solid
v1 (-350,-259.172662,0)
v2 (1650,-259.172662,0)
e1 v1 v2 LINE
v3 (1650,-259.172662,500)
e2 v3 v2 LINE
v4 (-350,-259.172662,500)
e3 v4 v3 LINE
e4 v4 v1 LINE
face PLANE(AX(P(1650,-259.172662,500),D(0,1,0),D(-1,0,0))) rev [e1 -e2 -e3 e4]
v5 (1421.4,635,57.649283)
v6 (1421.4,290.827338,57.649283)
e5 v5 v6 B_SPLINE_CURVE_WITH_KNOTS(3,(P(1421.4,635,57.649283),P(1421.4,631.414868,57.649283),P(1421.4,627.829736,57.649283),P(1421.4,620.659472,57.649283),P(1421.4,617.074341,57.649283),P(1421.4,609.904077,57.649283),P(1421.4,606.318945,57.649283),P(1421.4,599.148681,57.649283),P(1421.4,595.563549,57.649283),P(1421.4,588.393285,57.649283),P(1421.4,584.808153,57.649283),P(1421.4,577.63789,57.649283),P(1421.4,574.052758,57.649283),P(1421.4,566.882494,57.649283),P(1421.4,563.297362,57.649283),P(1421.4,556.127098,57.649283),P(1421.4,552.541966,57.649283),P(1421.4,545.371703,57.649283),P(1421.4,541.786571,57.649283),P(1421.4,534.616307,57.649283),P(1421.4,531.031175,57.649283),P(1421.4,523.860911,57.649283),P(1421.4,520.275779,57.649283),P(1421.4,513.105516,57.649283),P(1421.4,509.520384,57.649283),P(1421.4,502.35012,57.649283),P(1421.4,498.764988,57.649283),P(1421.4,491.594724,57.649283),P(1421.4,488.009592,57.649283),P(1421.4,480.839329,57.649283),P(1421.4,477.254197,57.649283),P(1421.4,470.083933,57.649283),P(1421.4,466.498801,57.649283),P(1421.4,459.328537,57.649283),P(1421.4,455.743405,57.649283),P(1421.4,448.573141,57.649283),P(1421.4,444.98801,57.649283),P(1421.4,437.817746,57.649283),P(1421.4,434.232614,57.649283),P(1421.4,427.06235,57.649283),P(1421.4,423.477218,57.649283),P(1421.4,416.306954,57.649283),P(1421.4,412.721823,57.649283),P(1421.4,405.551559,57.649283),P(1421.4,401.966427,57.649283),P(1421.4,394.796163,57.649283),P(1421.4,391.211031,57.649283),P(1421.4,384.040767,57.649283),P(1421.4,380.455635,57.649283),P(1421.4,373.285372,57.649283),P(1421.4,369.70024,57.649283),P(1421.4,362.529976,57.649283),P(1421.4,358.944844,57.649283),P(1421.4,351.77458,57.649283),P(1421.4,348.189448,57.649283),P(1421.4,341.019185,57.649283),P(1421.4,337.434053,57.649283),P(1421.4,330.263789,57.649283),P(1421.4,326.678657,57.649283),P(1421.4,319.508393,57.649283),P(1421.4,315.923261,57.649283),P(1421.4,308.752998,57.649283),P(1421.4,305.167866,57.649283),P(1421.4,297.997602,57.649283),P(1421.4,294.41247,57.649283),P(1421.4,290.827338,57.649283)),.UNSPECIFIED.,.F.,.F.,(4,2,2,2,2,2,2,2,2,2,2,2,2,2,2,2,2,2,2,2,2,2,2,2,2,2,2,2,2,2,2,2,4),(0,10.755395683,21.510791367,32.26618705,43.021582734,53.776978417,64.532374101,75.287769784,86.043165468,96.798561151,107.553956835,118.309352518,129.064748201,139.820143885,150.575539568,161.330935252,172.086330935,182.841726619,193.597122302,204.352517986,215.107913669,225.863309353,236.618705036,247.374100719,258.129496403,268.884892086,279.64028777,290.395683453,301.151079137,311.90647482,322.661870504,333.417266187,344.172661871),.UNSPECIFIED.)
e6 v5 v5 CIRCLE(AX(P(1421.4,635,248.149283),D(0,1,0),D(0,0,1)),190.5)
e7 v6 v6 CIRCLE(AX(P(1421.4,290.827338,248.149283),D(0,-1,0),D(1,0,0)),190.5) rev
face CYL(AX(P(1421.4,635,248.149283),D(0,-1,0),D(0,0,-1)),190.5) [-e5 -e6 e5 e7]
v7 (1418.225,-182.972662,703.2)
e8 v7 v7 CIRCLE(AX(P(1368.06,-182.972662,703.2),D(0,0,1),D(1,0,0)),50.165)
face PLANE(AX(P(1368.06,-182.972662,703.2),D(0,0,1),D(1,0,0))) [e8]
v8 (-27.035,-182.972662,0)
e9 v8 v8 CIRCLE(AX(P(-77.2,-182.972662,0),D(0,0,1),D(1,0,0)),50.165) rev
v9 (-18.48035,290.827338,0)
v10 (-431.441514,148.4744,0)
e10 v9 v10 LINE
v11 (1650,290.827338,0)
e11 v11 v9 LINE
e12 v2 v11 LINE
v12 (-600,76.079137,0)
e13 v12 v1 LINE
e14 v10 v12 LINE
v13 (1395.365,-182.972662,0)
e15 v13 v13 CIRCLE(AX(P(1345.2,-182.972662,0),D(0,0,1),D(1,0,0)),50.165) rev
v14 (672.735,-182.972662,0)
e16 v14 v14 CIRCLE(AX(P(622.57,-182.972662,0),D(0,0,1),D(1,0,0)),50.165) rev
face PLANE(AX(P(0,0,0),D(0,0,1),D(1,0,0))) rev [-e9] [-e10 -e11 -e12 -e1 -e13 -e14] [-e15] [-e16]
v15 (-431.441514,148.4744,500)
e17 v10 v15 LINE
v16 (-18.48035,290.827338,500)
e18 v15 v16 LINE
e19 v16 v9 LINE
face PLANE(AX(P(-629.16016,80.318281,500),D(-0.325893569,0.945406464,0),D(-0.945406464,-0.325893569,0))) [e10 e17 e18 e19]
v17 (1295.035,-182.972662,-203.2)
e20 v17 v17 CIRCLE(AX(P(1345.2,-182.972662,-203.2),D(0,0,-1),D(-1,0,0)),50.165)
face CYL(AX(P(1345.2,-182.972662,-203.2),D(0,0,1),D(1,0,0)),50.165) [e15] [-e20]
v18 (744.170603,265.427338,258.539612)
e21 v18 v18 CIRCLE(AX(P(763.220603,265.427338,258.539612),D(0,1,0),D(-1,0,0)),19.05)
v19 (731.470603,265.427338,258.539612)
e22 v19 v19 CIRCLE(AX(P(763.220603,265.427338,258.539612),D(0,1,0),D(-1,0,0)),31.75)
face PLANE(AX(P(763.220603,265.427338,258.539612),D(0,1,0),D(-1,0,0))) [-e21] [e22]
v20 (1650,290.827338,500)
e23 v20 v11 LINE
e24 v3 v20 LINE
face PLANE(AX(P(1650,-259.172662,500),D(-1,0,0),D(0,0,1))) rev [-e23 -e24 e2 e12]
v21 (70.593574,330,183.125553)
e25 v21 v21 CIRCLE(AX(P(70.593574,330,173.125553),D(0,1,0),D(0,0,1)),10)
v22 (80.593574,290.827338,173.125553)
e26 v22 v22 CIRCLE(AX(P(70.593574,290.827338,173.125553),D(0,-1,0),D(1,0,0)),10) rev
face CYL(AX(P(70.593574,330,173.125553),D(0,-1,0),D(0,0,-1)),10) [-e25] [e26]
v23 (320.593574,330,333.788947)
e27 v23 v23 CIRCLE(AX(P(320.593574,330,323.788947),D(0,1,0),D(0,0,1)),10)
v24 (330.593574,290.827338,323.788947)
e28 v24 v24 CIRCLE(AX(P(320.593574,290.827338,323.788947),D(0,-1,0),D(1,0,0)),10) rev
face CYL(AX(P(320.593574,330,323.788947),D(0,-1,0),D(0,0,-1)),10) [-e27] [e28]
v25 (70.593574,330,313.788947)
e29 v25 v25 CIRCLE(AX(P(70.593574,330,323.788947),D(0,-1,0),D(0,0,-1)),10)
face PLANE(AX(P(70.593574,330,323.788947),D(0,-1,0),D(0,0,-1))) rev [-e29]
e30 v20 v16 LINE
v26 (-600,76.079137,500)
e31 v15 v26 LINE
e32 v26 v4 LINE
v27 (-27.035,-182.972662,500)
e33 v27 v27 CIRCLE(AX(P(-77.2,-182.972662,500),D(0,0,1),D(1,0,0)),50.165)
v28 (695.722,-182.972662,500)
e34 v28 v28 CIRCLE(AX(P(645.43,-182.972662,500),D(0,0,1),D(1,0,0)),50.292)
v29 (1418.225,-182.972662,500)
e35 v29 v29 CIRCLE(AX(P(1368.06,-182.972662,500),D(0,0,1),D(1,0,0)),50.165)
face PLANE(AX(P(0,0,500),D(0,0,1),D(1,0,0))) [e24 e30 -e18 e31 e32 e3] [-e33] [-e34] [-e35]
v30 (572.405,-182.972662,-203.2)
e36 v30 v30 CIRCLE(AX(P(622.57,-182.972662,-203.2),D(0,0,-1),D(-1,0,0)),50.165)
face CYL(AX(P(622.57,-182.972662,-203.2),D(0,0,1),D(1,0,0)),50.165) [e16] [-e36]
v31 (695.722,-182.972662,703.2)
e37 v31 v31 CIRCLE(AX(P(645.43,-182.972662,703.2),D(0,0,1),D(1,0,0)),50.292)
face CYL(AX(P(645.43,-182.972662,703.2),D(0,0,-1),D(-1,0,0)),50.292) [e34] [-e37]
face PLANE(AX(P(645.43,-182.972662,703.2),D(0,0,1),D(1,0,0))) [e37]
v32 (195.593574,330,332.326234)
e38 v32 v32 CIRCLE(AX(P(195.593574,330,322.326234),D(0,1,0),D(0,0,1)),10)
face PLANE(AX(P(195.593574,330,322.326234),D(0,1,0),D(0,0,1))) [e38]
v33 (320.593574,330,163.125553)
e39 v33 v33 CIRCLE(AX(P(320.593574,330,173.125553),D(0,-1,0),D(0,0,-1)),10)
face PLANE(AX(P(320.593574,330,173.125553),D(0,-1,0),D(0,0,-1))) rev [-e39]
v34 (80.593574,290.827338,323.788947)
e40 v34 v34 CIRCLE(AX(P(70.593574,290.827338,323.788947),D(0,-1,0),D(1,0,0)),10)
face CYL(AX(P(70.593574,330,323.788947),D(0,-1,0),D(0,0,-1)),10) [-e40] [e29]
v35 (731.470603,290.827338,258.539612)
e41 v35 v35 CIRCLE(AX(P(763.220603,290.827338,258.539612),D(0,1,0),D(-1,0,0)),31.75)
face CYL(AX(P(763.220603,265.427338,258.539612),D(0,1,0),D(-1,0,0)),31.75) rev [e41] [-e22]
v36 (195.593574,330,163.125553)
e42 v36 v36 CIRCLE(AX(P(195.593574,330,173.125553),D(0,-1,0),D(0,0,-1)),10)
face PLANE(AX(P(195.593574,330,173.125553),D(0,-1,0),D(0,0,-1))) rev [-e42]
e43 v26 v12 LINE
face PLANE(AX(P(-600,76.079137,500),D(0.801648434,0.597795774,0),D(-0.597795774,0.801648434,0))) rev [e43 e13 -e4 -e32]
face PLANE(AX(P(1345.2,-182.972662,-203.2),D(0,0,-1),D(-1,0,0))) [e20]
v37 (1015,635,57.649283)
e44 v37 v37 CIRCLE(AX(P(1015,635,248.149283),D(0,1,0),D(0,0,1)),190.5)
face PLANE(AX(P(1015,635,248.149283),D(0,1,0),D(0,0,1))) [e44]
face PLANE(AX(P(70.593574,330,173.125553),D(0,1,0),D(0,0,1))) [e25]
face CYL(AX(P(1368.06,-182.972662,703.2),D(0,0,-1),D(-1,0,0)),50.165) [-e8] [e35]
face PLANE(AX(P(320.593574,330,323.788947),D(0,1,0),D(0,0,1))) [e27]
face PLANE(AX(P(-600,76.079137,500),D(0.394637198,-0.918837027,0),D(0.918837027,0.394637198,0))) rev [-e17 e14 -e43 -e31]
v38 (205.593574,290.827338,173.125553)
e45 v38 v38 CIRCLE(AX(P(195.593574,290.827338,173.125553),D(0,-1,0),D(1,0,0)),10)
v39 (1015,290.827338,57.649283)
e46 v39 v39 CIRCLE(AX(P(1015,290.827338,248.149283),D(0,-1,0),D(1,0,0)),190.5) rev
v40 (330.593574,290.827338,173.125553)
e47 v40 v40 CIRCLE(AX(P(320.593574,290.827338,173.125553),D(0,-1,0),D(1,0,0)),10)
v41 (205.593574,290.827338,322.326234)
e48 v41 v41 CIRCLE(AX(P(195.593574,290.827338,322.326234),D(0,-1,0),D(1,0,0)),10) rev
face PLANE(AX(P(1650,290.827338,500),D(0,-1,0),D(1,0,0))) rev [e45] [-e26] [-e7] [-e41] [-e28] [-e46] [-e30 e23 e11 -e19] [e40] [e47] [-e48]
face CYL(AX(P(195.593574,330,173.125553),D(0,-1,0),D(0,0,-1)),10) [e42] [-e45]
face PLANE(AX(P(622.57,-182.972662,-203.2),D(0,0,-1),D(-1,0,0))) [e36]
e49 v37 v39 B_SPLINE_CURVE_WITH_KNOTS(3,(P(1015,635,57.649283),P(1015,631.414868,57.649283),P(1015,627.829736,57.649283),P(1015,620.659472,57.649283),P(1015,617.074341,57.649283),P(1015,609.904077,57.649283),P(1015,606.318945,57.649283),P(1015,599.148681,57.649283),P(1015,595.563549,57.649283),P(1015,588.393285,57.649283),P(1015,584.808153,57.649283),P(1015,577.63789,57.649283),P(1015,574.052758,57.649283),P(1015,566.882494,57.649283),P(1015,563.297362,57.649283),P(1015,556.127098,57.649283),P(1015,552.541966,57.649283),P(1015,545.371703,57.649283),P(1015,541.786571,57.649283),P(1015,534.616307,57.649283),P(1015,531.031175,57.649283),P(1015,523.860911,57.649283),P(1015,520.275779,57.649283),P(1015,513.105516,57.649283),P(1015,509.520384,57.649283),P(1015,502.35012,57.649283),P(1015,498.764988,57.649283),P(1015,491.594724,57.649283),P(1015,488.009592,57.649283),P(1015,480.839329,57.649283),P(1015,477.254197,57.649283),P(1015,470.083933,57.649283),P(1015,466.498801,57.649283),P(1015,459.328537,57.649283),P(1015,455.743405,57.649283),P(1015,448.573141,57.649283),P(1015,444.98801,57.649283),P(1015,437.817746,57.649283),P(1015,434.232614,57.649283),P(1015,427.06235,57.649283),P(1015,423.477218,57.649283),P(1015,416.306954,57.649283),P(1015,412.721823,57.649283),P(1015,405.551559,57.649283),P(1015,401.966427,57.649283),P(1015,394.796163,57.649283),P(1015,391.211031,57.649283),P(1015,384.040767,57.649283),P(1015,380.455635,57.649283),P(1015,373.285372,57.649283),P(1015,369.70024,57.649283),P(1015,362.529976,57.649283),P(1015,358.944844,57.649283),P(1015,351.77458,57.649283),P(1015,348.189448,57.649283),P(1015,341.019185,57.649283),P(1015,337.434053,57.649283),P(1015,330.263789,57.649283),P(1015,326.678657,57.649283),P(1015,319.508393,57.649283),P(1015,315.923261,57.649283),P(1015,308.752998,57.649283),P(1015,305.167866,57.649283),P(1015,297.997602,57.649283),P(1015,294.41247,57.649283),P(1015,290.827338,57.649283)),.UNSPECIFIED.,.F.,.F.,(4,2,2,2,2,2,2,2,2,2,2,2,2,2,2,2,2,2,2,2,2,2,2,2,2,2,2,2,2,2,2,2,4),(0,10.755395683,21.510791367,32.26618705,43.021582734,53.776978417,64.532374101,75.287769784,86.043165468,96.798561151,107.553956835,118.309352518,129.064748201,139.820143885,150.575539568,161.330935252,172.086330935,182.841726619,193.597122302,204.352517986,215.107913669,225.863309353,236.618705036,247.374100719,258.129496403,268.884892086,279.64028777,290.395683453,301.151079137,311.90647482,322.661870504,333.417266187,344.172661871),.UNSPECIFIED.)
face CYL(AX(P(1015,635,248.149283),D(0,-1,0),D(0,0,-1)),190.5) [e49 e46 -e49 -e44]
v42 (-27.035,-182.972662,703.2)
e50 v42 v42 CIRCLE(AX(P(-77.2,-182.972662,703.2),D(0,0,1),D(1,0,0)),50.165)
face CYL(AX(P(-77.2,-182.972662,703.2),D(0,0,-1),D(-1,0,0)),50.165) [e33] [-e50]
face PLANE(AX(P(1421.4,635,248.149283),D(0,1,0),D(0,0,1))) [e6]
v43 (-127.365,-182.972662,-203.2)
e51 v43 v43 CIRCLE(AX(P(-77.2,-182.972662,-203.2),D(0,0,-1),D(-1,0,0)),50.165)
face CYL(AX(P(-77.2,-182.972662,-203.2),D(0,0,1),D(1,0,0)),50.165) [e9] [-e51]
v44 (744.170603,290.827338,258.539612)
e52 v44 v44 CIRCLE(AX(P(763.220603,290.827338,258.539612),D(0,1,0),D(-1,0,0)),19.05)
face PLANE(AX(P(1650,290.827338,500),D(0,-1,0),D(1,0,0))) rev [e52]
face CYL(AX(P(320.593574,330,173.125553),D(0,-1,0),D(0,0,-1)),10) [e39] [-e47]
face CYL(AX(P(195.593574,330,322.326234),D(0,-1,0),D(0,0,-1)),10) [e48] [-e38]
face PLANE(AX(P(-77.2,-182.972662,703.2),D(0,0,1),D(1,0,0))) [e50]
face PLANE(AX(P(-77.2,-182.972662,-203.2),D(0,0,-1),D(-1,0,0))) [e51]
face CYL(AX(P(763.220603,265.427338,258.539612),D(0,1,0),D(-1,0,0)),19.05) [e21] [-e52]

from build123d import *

# Parameters (mm, degrees)
BOSS_EXTRUDE1_DEPTH     = 500
CUT_EXTRUDE2_DEPTH      = 1749.450897396
CUT_EXTRUDE2_DEPTH_BACK = 1749.450897396
SKETCH11_R              = 10
BOSS_EXTRUDE8_DEPTH     = 330
SKETCH12_R              = 50.165
BOSS_EXTRUDE14_DEPTH    = 203.2
BOSS_EXTRUDE15_START    = 203.2
SKETCH15_R              = 50.165
BOSS_EXTRUDE15_DEPTH    = 203.2
SKETCH17_R              = 50.292
BOSS_EXTRUDE16_DEPTH    = 203.2
SKETCH18_R              = 50.165
BOSS_EXTRUDE17_DEPTH    = 203.2
SKETCH9_R               = 190.5
BOSS_EXTRUDE19_DEPTH    = 635
SKETCH19_R              = 31.75
SKETCH19_R_2            = 19.05
CUT_EXTRUDE5_DEPTH      = 25.4


with BuildPart() as part:
    # Sketch2 → Boss-Extrude1 (new body)
    with BuildSketch(Plane.XY):
        Polygon((-600, 76.079136691), (-100, 290.827338129), (1650, 290.827338129), (1650, -259.172661871), (-350, -259.172661871), align=None)
    extrude(amount=BOSS_EXTRUDE1_DEPTH)

    # Sketch3 → Cut-Extrude2 (cut, two sides: drawn at the far end of the back side and taken through both)
    with BuildSketch(Plane.XY.offset(-CUT_EXTRUDE2_DEPTH_BACK)):
        Polygon((-629.160159728, 80.318281341), (0, 297.197748554), (-133.945595933, 297.197748554), align=None)
    extrude(amount=CUT_EXTRUDE2_DEPTH + CUT_EXTRUDE2_DEPTH_BACK, mode=Mode.SUBTRACT)

    # Sketch11 → Boss-Extrude8 (add)
    with BuildSketch(Plane(origin=(0, 0, 0), x_dir=(1, 0, 0), z_dir=(0, 1, 0))):
        with Locations((320.593573559, -323.788946962)):
            Circle(SKETCH11_R)
        with Locations(Location((70.593573559, -323.788946962, 0), (0, 0, 90))):
            Circle(SKETCH11_R)
        with Locations((195.593573559, -322.326233751)):
            Circle(SKETCH11_R)
        with Locations(Location((320.593573559, -173.125553361, 0), (0, 0, 90))):
            Circle(SKETCH11_R)
        with Locations(Location((195.593573559, -173.125553361, 0), (0, 0, 90))):
            Circle(SKETCH11_R)
        with Locations((70.593573559, -173.125553361)):
            Circle(SKETCH11_R)
    extrude(amount=BOSS_EXTRUDE8_DEPTH)

    # Sketch12 → Boss-Extrude14 (add)
    with BuildSketch(Plane(origin=(0, 0, 0), x_dir=(-1, 0, 0), z_dir=(0, 0, -1))):
        with Locations(Location((-1345.2, -182.972661871, 0), (0, 0, 180))):
            Circle(SKETCH12_R)
        with Locations(Location((77.2, -182.972661871, 0), (0, 0, 180))):
            Circle(SKETCH12_R)
    extrude(amount=BOSS_EXTRUDE14_DEPTH)

    # Sketch15 → Boss-Extrude15 (add)
    with BuildSketch(Plane.XY.offset(500).offset(BOSS_EXTRUDE15_START)):
        with Locations((1368.06, -182.972661871)):
            Circle(SKETCH15_R)
        with Locations((-77.2, -182.972661871)):
            Circle(SKETCH15_R)
    extrude(amount=-BOSS_EXTRUDE15_DEPTH)

    # Sketch17 → Boss-Extrude16 (add, through all)
    with BuildSketch(Plane.XY.offset(500)):
        with Locations((645.43, -182.972661871)):
            Circle(SKETCH17_R)
    extrude(amount=BOSS_EXTRUDE16_DEPTH)

    # Sketch18 → Boss-Extrude17 (add, through all)
    with BuildSketch(Plane(origin=(0, 0, 0), x_dir=(-1, 0, 0), z_dir=(0, 0, -1))):
        with Locations(Location((-622.57, -182.972661871, 0), (0, 0, 180))):
            Circle(SKETCH18_R)
    extrude(amount=BOSS_EXTRUDE17_DEPTH)

    # Sketch9 → Boss-Extrude19 (add)
    with BuildSketch(Plane(origin=(0, 0, 0), x_dir=(1, 0, 0), z_dir=(0, 1, 0))):
        with Locations(Location((1421.4, -248.149283127, 0), (0, 0, 90))):
            Circle(SKETCH9_R)
        with Locations(Location((1015, -248.149283127, 0), (0, 0, 90))):
            Circle(SKETCH9_R)
    extrude(amount=BOSS_EXTRUDE19_DEPTH)

    # Sketch19 → Cut-Extrude5 (cut)
    with BuildSketch(Plane(origin=(0, 290.827338129, 0), x_dir=(1, 0, 0), z_dir=(0, 1, 0))):
        with Locations(Location((763.220602861, -258.539612091, 0), (0, 0, 180))):
            Circle(SKETCH19_R)
        with Locations(Location((763.220602861, -258.539612091, 0), (0, 0, 180))):
            Circle(SKETCH19_R_2, mode=Mode.SUBTRACT)
    extrude(amount=-CUT_EXTRUDE5_DEPTH, mode=Mode.SUBTRACT)


solid = part.part
